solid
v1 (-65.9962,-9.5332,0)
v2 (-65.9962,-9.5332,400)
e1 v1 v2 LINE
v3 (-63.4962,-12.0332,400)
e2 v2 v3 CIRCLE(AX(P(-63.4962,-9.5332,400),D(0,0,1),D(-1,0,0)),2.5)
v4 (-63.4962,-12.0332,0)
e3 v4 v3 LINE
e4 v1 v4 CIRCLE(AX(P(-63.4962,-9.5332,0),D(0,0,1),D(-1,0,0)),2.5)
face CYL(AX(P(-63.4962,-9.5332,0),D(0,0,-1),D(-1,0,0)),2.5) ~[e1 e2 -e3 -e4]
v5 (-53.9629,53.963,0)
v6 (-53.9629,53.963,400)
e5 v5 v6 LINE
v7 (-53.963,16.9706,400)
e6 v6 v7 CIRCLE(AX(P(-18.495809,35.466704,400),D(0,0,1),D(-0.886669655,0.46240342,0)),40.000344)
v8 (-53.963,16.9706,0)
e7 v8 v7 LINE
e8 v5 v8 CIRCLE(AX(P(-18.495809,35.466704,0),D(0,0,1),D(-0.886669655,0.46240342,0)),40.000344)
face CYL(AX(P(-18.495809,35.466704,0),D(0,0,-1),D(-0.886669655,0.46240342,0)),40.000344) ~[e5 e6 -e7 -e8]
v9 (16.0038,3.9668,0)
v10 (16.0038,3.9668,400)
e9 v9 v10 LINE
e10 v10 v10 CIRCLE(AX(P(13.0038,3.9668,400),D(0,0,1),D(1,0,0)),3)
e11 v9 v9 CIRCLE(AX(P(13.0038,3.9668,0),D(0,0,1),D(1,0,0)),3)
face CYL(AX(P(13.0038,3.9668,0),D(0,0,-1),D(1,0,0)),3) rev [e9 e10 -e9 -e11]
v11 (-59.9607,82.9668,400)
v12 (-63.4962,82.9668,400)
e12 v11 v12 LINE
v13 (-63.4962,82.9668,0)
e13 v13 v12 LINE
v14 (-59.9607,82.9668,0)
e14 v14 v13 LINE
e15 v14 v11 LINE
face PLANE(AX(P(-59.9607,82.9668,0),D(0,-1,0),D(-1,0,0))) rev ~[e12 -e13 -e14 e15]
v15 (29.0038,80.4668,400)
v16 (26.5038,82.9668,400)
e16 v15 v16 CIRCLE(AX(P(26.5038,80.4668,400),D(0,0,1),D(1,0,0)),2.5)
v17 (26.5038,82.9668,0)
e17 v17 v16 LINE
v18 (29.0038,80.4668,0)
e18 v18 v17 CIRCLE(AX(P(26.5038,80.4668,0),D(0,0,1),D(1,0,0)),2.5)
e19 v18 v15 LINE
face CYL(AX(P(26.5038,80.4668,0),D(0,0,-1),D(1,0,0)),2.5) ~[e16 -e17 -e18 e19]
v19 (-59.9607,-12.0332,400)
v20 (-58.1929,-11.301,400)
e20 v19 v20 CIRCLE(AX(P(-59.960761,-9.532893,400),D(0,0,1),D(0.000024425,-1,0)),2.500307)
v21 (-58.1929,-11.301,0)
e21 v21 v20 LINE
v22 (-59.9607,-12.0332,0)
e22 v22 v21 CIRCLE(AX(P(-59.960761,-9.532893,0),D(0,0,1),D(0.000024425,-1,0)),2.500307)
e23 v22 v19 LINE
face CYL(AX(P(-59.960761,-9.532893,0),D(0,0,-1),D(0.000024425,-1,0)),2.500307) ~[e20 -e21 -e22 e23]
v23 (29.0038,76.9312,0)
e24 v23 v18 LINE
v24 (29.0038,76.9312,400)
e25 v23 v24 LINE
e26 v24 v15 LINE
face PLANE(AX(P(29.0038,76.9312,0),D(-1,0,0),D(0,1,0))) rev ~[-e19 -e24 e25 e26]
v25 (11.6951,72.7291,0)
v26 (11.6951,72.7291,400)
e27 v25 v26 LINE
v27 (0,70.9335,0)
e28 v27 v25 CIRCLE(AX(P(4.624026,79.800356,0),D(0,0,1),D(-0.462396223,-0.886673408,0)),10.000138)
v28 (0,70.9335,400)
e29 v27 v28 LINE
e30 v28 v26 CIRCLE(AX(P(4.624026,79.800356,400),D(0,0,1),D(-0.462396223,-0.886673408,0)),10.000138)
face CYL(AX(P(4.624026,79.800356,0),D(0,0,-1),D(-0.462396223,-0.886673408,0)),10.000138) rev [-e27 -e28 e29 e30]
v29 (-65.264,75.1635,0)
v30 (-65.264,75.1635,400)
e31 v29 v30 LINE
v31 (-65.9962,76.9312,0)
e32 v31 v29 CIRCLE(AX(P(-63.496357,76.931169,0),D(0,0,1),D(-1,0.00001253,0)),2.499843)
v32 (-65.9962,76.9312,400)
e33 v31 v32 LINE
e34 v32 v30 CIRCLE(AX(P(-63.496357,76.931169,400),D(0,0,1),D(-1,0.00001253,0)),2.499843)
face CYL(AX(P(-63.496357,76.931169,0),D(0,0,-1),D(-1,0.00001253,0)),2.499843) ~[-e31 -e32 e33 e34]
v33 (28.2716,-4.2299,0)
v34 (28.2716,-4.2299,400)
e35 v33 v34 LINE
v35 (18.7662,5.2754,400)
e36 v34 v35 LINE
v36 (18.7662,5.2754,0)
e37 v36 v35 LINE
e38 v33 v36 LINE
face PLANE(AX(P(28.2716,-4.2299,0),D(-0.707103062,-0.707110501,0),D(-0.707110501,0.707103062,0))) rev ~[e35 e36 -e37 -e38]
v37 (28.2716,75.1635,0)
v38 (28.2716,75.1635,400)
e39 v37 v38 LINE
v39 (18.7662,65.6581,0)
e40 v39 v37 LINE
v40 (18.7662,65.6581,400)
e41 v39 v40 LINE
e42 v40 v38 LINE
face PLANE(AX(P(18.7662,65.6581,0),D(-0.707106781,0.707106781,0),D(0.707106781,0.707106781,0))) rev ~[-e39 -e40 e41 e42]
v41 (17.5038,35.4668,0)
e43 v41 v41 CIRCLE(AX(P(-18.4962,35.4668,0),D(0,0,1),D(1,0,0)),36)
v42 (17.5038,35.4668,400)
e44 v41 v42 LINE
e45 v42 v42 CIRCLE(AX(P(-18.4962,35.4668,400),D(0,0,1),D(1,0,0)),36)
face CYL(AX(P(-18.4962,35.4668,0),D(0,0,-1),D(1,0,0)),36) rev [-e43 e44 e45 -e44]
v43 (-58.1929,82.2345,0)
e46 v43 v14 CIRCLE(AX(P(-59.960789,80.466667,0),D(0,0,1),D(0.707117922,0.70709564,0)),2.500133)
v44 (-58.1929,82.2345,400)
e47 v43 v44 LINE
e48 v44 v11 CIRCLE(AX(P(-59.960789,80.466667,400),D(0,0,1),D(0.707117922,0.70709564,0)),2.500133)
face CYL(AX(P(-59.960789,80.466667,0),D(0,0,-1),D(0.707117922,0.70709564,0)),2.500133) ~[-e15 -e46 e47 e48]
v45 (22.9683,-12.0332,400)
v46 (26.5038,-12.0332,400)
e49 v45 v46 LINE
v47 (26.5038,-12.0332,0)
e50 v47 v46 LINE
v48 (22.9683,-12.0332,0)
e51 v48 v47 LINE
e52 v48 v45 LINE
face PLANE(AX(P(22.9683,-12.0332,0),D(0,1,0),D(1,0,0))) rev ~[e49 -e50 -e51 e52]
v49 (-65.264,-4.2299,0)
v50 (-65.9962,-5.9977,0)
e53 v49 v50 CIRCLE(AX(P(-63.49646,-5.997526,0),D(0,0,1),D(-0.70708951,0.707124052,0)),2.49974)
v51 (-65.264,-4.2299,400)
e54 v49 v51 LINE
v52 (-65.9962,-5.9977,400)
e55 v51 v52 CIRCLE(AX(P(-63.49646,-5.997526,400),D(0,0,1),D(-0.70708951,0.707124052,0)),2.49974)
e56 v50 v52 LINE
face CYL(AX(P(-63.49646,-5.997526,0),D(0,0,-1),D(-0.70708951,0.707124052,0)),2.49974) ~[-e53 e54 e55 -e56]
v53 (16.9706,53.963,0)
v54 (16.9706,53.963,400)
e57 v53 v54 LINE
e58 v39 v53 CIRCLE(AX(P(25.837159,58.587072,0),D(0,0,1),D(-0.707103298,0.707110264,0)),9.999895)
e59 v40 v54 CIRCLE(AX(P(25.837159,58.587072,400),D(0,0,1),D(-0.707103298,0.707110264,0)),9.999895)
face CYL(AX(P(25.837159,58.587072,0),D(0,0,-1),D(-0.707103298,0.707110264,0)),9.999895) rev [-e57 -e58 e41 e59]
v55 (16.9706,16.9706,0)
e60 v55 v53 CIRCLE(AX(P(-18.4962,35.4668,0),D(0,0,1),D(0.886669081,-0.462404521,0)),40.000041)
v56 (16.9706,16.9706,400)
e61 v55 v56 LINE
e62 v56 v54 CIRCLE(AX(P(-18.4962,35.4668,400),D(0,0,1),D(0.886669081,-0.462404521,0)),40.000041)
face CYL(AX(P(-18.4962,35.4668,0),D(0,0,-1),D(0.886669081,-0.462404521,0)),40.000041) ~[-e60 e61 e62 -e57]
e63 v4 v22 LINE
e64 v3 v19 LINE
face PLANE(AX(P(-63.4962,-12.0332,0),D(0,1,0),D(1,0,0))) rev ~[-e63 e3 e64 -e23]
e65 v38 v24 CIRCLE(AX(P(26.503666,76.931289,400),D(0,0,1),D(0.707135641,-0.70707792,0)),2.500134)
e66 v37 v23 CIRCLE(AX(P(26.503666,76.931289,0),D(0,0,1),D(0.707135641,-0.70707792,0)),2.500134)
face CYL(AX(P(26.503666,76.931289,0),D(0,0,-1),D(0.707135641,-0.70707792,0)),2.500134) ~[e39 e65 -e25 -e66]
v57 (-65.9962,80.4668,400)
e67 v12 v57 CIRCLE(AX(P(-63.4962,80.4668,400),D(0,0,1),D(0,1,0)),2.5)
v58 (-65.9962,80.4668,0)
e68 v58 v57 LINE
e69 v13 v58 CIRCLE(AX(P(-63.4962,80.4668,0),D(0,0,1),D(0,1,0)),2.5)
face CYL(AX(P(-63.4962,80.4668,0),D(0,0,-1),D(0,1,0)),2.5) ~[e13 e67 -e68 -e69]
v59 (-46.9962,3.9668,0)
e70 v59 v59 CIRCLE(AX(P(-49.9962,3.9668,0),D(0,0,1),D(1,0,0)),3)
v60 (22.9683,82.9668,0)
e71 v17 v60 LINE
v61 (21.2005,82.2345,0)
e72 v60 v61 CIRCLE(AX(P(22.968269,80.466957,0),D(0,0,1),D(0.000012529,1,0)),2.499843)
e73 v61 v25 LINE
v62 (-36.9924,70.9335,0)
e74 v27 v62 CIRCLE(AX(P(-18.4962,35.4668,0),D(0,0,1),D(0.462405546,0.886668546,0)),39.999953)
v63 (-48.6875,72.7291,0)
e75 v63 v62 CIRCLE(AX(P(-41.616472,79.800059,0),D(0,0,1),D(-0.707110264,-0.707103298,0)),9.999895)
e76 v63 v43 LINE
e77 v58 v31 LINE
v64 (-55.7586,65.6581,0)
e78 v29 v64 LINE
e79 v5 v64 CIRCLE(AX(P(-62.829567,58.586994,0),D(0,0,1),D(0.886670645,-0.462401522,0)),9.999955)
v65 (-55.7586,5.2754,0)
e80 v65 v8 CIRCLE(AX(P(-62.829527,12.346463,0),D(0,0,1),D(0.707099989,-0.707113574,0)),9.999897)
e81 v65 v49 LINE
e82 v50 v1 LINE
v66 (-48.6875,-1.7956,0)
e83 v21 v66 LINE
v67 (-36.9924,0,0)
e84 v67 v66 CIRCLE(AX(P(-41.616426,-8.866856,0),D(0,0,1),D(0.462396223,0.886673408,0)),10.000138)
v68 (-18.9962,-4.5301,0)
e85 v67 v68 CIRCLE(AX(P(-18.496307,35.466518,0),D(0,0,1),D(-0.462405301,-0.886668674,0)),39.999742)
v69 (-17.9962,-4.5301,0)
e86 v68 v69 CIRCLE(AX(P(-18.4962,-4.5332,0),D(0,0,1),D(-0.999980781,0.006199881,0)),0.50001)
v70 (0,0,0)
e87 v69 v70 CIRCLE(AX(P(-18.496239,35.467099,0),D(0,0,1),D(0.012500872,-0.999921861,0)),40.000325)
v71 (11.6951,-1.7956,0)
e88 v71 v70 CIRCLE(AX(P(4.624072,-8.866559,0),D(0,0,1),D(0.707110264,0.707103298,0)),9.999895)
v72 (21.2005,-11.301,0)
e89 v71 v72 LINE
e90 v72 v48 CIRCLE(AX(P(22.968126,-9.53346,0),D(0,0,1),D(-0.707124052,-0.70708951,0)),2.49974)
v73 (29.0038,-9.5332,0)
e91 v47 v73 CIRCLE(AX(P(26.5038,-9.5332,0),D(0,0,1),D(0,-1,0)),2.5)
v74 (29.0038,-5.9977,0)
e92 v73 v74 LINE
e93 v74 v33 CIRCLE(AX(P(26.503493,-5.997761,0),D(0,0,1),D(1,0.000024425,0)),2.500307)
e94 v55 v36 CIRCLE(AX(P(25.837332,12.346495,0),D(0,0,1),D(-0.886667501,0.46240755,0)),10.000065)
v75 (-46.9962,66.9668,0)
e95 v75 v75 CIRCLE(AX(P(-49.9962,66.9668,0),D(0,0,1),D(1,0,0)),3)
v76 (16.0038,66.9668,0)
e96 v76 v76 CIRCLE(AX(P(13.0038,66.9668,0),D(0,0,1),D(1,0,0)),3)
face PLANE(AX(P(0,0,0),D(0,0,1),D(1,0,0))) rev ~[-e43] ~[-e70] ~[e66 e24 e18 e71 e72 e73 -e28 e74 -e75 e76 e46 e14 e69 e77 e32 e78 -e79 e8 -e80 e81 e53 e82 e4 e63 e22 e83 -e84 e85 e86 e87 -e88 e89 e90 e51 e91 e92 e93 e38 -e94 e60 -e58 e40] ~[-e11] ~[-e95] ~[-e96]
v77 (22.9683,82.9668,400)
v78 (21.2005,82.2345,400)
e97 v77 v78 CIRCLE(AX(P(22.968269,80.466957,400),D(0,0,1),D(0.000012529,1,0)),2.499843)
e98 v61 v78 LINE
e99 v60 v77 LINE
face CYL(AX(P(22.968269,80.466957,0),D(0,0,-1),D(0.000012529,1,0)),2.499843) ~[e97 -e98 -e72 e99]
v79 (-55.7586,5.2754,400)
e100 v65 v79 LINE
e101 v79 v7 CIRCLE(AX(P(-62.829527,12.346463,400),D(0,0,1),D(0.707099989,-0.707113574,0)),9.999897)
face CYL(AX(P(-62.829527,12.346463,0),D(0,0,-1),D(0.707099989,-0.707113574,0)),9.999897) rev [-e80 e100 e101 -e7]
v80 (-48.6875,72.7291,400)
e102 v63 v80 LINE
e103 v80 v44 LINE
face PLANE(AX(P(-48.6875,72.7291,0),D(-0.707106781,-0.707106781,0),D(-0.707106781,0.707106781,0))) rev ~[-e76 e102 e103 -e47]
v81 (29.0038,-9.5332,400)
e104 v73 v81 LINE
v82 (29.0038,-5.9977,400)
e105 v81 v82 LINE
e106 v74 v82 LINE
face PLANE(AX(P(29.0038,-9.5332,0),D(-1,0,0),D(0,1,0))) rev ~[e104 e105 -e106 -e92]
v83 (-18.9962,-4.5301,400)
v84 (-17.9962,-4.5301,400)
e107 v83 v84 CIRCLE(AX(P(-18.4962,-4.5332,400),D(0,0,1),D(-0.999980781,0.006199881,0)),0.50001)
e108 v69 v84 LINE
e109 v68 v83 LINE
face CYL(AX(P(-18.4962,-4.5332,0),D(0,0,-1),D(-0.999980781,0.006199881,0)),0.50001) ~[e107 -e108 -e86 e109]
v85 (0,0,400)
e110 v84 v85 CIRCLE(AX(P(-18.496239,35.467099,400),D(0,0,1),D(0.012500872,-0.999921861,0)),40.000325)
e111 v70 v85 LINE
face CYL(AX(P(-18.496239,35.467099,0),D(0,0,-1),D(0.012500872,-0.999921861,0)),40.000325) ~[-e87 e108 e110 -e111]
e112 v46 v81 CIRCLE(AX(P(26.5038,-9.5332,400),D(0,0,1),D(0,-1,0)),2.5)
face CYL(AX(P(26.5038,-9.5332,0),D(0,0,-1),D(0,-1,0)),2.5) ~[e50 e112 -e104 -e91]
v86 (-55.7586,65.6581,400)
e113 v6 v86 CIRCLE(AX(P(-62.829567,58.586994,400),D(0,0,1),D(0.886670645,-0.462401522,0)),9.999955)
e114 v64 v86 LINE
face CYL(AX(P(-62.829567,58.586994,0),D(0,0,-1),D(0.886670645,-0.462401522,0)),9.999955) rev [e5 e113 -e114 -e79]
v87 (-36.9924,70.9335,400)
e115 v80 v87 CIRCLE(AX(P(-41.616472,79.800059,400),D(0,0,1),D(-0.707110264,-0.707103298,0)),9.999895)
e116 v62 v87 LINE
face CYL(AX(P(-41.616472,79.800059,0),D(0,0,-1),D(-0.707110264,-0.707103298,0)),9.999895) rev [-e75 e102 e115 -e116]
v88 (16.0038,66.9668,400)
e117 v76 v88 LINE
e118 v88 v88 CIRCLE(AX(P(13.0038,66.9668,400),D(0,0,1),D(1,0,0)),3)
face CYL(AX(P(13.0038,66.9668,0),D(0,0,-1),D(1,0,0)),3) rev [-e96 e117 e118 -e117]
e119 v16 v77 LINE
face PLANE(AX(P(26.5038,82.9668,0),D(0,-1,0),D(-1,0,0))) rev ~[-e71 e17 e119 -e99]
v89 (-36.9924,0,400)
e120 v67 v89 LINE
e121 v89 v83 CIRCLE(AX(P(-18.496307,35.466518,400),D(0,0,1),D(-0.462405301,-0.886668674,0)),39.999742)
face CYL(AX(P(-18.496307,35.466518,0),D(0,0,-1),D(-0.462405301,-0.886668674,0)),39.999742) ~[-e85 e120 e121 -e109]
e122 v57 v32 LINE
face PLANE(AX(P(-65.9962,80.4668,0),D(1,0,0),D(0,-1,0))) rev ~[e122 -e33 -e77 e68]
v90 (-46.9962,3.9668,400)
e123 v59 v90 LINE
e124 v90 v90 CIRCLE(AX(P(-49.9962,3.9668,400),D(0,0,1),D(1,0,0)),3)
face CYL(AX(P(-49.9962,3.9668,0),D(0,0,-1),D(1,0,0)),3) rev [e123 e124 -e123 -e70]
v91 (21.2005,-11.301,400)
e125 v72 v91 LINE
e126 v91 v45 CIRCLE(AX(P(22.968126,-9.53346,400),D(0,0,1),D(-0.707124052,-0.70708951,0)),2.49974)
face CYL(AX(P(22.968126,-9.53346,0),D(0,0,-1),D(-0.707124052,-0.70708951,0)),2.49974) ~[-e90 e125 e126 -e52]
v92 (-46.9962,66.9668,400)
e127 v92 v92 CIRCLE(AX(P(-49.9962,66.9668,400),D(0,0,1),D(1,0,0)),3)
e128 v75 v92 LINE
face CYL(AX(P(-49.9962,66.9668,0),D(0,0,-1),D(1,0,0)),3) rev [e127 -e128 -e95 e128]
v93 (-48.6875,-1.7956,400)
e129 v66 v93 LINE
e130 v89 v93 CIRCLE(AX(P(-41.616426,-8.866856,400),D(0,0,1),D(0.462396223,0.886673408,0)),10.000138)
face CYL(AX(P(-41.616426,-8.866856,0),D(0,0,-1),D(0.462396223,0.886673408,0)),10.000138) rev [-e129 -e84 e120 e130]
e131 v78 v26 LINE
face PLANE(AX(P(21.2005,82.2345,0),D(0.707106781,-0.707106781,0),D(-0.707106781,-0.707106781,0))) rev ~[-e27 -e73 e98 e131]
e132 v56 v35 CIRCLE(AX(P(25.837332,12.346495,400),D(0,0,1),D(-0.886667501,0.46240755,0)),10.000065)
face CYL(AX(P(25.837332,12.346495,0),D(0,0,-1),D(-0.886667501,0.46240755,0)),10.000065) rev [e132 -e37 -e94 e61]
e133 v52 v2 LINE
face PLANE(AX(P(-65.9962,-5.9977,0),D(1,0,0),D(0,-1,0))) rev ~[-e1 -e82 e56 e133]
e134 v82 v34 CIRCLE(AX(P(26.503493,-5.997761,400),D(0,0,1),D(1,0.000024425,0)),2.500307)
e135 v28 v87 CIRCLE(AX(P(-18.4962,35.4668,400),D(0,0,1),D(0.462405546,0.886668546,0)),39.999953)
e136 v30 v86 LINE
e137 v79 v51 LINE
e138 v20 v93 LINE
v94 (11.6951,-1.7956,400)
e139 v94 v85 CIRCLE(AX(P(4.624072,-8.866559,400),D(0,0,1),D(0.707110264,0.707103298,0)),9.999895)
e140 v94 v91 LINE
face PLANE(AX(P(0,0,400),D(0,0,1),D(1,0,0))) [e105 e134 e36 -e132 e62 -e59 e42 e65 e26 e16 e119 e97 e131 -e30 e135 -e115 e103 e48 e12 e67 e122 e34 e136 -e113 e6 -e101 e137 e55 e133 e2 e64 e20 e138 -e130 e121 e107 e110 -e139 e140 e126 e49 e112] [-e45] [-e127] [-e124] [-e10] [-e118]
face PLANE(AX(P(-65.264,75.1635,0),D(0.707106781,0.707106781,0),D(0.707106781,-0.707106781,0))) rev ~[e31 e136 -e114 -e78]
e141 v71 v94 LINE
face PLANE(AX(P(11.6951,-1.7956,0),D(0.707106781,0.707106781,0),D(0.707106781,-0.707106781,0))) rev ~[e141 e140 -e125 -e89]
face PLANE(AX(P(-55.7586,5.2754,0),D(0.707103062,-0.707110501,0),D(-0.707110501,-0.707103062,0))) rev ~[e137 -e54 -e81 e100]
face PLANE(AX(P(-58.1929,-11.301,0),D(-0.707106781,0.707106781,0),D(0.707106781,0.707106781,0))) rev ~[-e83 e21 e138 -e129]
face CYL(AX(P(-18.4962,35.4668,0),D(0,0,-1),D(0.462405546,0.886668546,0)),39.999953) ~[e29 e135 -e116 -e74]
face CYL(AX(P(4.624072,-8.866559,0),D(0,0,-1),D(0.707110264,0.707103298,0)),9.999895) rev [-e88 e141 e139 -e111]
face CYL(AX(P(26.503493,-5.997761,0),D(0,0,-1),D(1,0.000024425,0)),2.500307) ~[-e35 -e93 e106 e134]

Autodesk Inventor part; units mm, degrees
ref_plane "YZ Plane" through (0, 0, 0) normal (1, 0, 0) x (0, 1, 0)
ref_plane "XZ Plane" through (0, 0, 0) normal (0, 1, 0) x (-1, 0, 0)
ref_plane "XY Plane" through (0, 0, 0) normal (0, 0, 1) x (1, 0, 0)
sketch "Sketch1" plane through (0, 0, 0) normal (0, 0, 1) x (1, 0, 0)
  arc A0 (11.6951, -1.7956) -> (0, 0) centre (4.624, -8.8667) ccw
  line L0 (11.6951, -1.7956) -> (21.2005, -11.301)
  arc A1 (21.2005, -11.301) -> (22.9683, -12.0332) centre (22.9683, -9.5332) ccw
  line L1 (22.9683, -12.0332) -> (26.5038, -12.0332)
  arc A2 (26.5038, -12.0332) -> (29.0038, -9.5332) centre (26.5038, -9.5332) ccw
  line L2 (29.0038, -9.5332) -> (29.0038, -5.9977)
  arc A3 (29.0038, -5.9977) -> (28.2716, -4.2299) centre (26.5038, -5.9977) ccw
  line L3 (28.2716, -4.2299) -> (18.7662, 5.2754)
  arc A4 (16.9706, 16.9706) -> (18.7662, 5.2754) centre (25.8373, 12.3465) ccw
  arc A5 (16.9706, 16.9706) -> (16.9706, 53.963) centre (-18.4962, 35.4668) ccw
  arc A6 (18.7662, 65.6581) -> (16.9706, 53.963) centre (25.8373, 58.587) ccw
  line L4 (18.7662, 65.6581) -> (28.2716, 75.1635)
  arc A7 (28.2716, 75.1635) -> (29.0038, 76.9312) centre (26.5038, 76.9312) ccw
  line L5 (29.0038, 76.9312) -> (29.0038, 80.4668)
  arc A8 (29.0038, 80.4668) -> (26.5038, 82.9668) centre (26.5038, 80.4668) ccw
  line L6 (26.5038, 82.9668) -> (22.9683, 82.9668)
  arc A9 (22.9683, 82.9668) -> (21.2005, 82.2345) centre (22.9683, 80.4668) ccw
  line L7 (21.2005, 82.2345) -> (11.6951, 72.7291)
  arc A10 (0, 70.9335) -> (11.6951, 72.7291) centre (4.624, 79.8002) ccw
  arc A11 (0, 70.9335) -> (-36.9924, 70.9335) centre (-18.4962, 35.4668) ccw
  arc A12 (-48.6875, 72.7291) -> (-36.9924, 70.9335) centre (-41.6164, 79.8002) ccw
  line L8 (-48.6875, 72.7291) -> (-58.1929, 82.2345)
  arc A13 (-58.1929, 82.2345) -> (-59.9607, 82.9668) centre (-59.9607, 80.4668) ccw
  line L9 (-59.9607, 82.9668) -> (-63.4962, 82.9668)
  arc A14 (-63.4962, 82.9668) -> (-65.9962, 80.4668) centre (-63.4962, 80.4668) ccw
  line L10 (-65.9962, 80.4668) -> (-65.9962, 76.9312)
  arc A15 (-65.9962, 76.9312) -> (-65.264, 75.1635) centre (-63.4962, 76.9312) ccw
  line L11 (-65.264, 75.1635) -> (-55.7586, 65.6581)
  arc A16 (-53.9629, 53.963) -> (-55.7586, 65.6581) centre (-62.8296, 58.587) ccw
  arc A17 (-53.9629, 53.963) -> (-53.963, 16.9706) centre (-18.4962, 35.4668) ccw
  arc A18 (-55.7586, 5.2754) -> (-53.963, 16.9706) centre (-62.8296, 12.3465) ccw
  line L12 (-55.7586, 5.2754) -> (-65.264, -4.2299)
  arc A19 (-65.264, -4.2299) -> (-65.9962, -5.9977) centre (-63.4962, -5.9977) ccw
  line L13 (-65.9962, -5.9977) -> (-65.9962, -9.5332)
  arc A20 (-65.9962, -9.5332) -> (-63.4962, -12.0332) centre (-63.4962, -9.5332) ccw
  line L14 (-63.4962, -12.0332) -> (-59.9607, -12.0332)
  arc A21 (-59.9607, -12.0332) -> (-58.1929, -11.301) centre (-59.9607, -9.5332) ccw
  line L15 (-58.1929, -11.301) -> (-48.6875, -1.7956)
  arc A22 (-36.9924, 0) -> (-48.6875, -1.7956) centre (-41.6164, -8.8667) ccw
  arc A23 (-36.9924, 0) -> (-18.9962, -4.5301) centre (-18.4962, 35.4668) ccw
  arc A24 (-18.9962, -4.5301) -> (-17.9962, -4.5301) centre (-18.4962, -4.5332) ccw
  arc A25 (-17.9962, -4.5301) -> (0, 0) centre (-18.4962, 35.4668) ccw
  circle A26 centre (-49.9962, 3.9668) radius 3
  circle A27 centre (-49.9962, 66.9668) radius 3
  circle A28 centre (13.0038, 3.9668) radius 3
  circle A29 centre (13.0038, 66.9668) radius 3
  circle A30 centre (-18.4962, 35.4668) radius 36
extrude "Extrusion1" add sketch "Sketch1" along normal blind 400
properties part number "X95_400"
